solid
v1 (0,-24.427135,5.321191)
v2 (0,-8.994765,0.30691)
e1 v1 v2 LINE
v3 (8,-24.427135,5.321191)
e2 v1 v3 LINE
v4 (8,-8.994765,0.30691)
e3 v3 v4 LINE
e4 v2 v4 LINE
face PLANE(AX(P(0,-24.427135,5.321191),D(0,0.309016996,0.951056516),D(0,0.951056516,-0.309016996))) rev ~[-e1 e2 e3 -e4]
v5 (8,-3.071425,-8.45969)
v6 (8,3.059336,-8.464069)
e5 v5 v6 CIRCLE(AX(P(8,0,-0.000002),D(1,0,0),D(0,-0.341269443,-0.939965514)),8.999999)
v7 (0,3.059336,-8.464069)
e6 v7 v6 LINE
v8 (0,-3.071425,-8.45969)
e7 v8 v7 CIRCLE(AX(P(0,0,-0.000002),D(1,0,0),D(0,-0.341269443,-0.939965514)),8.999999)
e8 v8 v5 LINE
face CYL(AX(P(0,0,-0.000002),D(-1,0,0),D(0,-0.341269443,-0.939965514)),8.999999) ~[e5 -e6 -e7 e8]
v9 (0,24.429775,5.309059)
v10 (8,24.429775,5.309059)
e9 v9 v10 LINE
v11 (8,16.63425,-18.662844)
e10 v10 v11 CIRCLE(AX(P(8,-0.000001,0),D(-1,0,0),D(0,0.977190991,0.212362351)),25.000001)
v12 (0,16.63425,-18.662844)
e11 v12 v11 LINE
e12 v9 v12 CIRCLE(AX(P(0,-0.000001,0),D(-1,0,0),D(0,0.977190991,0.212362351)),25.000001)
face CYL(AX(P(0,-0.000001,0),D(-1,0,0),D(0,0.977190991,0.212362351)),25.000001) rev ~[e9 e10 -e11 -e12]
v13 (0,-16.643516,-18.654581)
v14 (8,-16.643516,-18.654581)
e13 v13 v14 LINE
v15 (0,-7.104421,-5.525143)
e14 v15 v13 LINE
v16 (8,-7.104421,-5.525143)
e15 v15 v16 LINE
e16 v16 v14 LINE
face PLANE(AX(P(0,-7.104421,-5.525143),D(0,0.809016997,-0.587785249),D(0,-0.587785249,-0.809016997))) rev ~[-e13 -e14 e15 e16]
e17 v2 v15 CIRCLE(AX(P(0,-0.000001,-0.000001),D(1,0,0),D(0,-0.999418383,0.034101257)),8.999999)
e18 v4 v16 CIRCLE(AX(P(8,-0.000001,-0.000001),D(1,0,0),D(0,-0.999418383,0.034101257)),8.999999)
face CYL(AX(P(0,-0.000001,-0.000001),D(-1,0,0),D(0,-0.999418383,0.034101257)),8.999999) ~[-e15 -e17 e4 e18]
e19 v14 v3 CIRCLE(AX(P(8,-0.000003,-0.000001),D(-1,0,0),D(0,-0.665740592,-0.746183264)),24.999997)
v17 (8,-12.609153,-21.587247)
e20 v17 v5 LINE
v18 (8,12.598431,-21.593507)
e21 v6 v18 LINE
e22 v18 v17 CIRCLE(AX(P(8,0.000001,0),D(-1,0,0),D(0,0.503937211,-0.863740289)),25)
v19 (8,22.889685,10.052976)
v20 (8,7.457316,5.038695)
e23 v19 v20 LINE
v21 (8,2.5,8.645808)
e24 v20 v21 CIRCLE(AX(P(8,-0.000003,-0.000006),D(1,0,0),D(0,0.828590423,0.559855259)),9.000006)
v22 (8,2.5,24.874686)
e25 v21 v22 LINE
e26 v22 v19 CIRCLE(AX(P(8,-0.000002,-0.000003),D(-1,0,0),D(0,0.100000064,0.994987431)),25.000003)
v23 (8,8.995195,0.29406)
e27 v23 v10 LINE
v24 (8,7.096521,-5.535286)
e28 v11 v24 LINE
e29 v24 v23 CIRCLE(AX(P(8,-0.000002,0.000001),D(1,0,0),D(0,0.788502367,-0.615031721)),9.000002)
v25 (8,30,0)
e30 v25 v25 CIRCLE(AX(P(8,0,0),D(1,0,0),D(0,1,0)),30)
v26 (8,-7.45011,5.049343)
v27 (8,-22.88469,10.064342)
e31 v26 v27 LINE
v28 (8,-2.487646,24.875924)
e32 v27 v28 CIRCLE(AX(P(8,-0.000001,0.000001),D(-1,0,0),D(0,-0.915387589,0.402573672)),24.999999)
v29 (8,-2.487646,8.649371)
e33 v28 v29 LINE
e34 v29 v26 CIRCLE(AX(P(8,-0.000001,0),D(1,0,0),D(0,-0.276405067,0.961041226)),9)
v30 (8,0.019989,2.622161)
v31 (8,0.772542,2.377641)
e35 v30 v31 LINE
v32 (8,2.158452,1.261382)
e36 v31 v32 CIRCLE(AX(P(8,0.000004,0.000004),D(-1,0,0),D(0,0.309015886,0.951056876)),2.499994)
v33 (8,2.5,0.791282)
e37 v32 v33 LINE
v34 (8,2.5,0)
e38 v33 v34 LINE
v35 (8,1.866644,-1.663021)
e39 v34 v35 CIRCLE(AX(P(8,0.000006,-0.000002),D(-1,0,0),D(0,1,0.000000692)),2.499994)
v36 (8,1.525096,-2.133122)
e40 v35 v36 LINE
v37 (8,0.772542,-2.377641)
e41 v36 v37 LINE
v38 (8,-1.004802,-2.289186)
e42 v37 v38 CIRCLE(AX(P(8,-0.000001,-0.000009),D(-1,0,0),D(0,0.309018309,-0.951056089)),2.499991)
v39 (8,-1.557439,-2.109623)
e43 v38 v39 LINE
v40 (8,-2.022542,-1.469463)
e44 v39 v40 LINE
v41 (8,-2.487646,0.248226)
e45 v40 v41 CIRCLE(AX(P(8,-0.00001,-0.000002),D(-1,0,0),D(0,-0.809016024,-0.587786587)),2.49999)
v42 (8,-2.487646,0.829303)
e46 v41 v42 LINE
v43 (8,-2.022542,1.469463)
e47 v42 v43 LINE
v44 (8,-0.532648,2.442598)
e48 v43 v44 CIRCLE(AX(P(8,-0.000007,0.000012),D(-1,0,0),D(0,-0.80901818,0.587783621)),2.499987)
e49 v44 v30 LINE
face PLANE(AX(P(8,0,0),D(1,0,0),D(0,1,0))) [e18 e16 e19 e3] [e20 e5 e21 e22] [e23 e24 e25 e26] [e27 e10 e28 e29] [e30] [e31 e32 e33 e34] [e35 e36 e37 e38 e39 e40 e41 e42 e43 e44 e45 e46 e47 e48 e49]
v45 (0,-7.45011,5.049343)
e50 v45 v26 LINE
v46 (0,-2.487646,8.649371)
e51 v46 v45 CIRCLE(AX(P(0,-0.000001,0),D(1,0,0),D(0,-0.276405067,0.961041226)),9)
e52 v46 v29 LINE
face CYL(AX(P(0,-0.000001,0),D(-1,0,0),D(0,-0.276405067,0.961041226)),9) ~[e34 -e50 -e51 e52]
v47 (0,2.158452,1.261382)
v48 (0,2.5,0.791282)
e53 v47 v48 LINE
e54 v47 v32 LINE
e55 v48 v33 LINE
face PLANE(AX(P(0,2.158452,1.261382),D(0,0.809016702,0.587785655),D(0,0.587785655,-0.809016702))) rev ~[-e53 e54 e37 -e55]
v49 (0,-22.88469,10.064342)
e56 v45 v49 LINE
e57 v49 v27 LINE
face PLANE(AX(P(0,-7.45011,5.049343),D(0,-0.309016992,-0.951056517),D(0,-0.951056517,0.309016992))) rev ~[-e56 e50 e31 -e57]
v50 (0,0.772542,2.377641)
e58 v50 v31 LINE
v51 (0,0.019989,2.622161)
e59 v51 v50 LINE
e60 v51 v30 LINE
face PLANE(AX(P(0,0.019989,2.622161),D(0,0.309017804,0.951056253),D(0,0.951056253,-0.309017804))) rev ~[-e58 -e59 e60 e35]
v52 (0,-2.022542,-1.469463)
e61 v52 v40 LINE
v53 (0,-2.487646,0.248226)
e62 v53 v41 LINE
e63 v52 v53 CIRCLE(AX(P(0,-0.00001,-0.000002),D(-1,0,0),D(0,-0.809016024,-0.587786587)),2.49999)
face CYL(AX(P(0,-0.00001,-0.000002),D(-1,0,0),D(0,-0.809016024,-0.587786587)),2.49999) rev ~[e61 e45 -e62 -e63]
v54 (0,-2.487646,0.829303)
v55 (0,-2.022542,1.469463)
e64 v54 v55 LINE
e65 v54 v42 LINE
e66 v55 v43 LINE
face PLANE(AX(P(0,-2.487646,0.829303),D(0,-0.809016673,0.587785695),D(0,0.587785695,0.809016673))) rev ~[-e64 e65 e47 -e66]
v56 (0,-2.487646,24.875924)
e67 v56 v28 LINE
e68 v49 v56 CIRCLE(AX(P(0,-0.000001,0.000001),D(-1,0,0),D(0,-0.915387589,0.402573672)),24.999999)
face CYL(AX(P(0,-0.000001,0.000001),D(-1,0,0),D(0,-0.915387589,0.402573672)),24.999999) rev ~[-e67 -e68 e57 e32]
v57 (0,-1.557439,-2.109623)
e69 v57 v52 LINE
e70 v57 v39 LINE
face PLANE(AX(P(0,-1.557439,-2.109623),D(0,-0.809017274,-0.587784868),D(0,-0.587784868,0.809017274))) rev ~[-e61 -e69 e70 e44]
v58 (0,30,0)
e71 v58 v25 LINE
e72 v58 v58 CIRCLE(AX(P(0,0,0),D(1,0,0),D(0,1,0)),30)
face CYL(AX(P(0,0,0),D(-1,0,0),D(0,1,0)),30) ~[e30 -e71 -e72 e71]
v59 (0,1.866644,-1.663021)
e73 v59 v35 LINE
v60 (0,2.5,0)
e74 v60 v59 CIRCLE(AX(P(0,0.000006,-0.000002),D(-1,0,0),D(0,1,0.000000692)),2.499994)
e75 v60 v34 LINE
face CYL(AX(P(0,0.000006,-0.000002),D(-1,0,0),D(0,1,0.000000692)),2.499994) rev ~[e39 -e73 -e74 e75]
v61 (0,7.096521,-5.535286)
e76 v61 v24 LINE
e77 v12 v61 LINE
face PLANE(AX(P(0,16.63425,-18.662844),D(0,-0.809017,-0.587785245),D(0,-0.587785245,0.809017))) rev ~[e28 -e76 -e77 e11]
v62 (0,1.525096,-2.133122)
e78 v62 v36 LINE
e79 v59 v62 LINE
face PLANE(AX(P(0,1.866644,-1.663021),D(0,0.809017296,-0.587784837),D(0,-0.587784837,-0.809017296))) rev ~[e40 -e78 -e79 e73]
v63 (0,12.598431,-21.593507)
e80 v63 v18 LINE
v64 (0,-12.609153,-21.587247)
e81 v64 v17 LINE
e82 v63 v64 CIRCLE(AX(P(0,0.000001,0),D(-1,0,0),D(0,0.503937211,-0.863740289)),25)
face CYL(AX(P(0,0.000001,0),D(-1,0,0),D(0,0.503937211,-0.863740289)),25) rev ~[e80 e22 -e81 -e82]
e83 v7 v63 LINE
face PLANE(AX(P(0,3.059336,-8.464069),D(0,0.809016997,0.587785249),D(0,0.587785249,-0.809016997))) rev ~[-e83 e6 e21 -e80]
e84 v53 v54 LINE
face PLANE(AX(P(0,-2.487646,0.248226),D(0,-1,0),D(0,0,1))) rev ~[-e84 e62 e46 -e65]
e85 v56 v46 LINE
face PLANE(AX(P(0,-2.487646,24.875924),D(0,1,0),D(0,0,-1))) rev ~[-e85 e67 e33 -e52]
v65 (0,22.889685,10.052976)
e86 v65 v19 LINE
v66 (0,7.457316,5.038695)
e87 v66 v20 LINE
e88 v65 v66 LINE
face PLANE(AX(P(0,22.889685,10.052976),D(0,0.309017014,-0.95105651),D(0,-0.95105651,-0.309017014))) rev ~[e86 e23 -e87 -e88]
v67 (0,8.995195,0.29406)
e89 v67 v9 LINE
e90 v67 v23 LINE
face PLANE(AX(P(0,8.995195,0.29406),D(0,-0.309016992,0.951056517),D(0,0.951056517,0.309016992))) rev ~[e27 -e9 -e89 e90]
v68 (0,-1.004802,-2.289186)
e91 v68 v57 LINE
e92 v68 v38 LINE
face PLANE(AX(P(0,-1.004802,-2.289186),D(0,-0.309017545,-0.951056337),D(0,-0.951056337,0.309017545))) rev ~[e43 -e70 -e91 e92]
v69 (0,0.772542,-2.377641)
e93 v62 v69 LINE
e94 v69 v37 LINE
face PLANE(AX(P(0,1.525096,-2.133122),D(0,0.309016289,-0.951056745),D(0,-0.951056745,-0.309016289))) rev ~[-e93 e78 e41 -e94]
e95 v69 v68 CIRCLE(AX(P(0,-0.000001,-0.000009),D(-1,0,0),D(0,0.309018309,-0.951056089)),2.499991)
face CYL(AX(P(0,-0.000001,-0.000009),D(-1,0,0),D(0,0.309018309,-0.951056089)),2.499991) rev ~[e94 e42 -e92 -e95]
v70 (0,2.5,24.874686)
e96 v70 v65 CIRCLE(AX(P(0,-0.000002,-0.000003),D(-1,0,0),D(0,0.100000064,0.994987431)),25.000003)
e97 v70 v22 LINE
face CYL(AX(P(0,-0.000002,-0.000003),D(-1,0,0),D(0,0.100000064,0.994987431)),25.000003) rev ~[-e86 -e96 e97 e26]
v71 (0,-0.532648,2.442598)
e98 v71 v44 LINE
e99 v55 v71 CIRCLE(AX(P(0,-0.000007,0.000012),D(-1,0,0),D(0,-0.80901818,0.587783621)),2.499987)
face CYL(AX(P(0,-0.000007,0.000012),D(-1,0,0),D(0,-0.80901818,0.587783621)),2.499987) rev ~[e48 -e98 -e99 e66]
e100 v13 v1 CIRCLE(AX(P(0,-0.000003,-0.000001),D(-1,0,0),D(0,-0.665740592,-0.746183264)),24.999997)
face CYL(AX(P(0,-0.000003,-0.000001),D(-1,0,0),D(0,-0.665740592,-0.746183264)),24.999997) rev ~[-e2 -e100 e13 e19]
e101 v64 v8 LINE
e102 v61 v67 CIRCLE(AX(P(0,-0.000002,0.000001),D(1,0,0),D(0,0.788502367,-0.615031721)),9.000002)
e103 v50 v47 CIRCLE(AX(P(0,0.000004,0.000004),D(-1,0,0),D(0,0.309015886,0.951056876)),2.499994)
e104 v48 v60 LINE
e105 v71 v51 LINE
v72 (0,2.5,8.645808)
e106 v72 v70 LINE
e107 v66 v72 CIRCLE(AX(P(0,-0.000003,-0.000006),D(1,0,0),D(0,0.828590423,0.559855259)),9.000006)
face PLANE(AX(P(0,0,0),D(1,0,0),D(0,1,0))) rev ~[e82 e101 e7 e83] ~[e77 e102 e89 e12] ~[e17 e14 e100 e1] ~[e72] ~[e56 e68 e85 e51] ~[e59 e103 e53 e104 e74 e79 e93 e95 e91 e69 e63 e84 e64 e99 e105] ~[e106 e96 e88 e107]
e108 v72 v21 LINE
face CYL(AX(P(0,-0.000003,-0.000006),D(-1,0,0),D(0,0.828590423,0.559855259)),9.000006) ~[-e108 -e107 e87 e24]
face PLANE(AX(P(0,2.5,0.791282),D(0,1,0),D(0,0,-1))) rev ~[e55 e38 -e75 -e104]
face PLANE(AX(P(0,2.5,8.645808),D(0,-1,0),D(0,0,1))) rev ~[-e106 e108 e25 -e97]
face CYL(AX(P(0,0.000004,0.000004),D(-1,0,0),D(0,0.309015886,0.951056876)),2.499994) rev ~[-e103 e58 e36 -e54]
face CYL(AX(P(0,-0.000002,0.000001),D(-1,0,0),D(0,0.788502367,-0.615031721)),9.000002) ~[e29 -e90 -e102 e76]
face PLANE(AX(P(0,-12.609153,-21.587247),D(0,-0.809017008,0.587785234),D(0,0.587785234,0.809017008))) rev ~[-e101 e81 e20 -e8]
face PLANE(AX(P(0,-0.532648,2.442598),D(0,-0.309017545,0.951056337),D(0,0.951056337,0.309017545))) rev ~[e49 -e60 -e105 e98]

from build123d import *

# Parameters (mm, degrees)
F0_R     = 30
F1_DEPTH = 8


with BuildPart() as f1:
    # F0 (on Right) → F1 (new body)
    with BuildSketch(Plane.YZ):
        Circle(F0_R)
        with BuildLine():
            ThreePointArc((12.598431, -21.593507), (-0.006208, -24.999999), (-12.609153, -21.587247))
            Line((-12.609153, -21.587247), (-3.071425, -8.45969))
            ThreePointArc((-3.071425, -8.45969), (-0.006429, -8.999998), (3.059336, -8.464069))
            Line((3.059336, -8.464069), (12.598431, -21.593507))
        make_face(mode=Mode.SUBTRACT)
        with BuildLine():
            ThreePointArc((-16.643516, -18.654581), (-23.778331, -7.719521), (-24.427135, 5.321191))
            Line((-24.427135, 5.321191), (-8.994765, 0.30691))
            ThreePointArc((-8.994765, 0.30691), (-8.561493, -2.775038), (-7.104421, -5.525143))
            Line((-7.104421, -5.525143), (-16.643516, -18.654581))
        make_face(mode=Mode.SUBTRACT)
        with BuildLine():
            ThreePointArc((24.429775, 5.309059), (23.774494, -7.731329), (16.63425, -18.662844))
            Line((16.63425, -18.662844), (7.096521, -5.535286))
            ThreePointArc((7.096521, -5.535286), (8.55752, -2.787266), (8.995195, 0.29406))
            Line((8.995195, 0.29406), (24.429775, 5.309059))
        make_face(mode=Mode.SUBTRACT)
        with BuildLine():
            ThreePointArc((-22.88469, 10.064342), (-14.689609, 20.229073), (-2.487646, 24.875924))
            Line((-2.487646, 24.875924), (-2.487646, 8.649371))
            ThreePointArc((-2.487646, 8.649371), (-5.284865, 7.28493), (-7.45011, 5.049343))
            Line((-7.45011, 5.049343), (-22.88469, 10.064342))
        make_face(mode=Mode.SUBTRACT)
        with BuildLine():
            Line((2.5, 0.791282), (2.5, 0))
            ThreePointArc((2.5, 0), (2.336302, -0.889772), (1.866644, -1.663021))
            Line((1.866644, -1.663021), (1.525096, -2.133122))
            Line((1.525096, -2.133122), (0.772542, -2.377641))
            ThreePointArc((0.772542, -2.377641), (-0.124267, -2.49691), (-1.004802, -2.289186))
            Line((-1.004802, -2.289186), (-1.557439, -2.109623))
            Line((-1.557439, -2.109623), (-2.022542, -1.469463))
            ThreePointArc((-2.022542, -1.469463), (-2.413103, -0.653403), (-2.487646, 0.248226))
            Line((-2.487646, 0.248226), (-2.487646, 0.829303))
            Line((-2.487646, 0.829303), (-2.022542, 1.469463))
            ThreePointArc((-2.022542, 1.469463), (-1.367113, 2.093085), (-0.532648, 2.442598))
            Line((-0.532648, 2.442598), (0.019989, 2.622161))
            Line((0.019989, 2.622161), (0.772542, 2.377641))
            ThreePointArc((0.772542, 2.377641), (1.568181, 1.947), (2.158452, 1.261382))
            Line((2.158452, 1.261382), (2.5, 0.791282))
        make_face(mode=Mode.SUBTRACT)
        with BuildLine():
            Line((22.889685, 10.052976), (7.457316, 5.038695))
            ThreePointArc((7.457316, 5.038695), (5.295267, 7.277372), (2.5, 8.645808))
            Line((2.5, 8.645808), (2.5, 24.874686))
            ThreePointArc((2.5, 24.874686), (14.699653, 20.221775), (22.889685, 10.052976))
        make_face(mode=Mode.SUBTRACT)
    extrude(amount=F1_DEPTH)


solid = f1.part
